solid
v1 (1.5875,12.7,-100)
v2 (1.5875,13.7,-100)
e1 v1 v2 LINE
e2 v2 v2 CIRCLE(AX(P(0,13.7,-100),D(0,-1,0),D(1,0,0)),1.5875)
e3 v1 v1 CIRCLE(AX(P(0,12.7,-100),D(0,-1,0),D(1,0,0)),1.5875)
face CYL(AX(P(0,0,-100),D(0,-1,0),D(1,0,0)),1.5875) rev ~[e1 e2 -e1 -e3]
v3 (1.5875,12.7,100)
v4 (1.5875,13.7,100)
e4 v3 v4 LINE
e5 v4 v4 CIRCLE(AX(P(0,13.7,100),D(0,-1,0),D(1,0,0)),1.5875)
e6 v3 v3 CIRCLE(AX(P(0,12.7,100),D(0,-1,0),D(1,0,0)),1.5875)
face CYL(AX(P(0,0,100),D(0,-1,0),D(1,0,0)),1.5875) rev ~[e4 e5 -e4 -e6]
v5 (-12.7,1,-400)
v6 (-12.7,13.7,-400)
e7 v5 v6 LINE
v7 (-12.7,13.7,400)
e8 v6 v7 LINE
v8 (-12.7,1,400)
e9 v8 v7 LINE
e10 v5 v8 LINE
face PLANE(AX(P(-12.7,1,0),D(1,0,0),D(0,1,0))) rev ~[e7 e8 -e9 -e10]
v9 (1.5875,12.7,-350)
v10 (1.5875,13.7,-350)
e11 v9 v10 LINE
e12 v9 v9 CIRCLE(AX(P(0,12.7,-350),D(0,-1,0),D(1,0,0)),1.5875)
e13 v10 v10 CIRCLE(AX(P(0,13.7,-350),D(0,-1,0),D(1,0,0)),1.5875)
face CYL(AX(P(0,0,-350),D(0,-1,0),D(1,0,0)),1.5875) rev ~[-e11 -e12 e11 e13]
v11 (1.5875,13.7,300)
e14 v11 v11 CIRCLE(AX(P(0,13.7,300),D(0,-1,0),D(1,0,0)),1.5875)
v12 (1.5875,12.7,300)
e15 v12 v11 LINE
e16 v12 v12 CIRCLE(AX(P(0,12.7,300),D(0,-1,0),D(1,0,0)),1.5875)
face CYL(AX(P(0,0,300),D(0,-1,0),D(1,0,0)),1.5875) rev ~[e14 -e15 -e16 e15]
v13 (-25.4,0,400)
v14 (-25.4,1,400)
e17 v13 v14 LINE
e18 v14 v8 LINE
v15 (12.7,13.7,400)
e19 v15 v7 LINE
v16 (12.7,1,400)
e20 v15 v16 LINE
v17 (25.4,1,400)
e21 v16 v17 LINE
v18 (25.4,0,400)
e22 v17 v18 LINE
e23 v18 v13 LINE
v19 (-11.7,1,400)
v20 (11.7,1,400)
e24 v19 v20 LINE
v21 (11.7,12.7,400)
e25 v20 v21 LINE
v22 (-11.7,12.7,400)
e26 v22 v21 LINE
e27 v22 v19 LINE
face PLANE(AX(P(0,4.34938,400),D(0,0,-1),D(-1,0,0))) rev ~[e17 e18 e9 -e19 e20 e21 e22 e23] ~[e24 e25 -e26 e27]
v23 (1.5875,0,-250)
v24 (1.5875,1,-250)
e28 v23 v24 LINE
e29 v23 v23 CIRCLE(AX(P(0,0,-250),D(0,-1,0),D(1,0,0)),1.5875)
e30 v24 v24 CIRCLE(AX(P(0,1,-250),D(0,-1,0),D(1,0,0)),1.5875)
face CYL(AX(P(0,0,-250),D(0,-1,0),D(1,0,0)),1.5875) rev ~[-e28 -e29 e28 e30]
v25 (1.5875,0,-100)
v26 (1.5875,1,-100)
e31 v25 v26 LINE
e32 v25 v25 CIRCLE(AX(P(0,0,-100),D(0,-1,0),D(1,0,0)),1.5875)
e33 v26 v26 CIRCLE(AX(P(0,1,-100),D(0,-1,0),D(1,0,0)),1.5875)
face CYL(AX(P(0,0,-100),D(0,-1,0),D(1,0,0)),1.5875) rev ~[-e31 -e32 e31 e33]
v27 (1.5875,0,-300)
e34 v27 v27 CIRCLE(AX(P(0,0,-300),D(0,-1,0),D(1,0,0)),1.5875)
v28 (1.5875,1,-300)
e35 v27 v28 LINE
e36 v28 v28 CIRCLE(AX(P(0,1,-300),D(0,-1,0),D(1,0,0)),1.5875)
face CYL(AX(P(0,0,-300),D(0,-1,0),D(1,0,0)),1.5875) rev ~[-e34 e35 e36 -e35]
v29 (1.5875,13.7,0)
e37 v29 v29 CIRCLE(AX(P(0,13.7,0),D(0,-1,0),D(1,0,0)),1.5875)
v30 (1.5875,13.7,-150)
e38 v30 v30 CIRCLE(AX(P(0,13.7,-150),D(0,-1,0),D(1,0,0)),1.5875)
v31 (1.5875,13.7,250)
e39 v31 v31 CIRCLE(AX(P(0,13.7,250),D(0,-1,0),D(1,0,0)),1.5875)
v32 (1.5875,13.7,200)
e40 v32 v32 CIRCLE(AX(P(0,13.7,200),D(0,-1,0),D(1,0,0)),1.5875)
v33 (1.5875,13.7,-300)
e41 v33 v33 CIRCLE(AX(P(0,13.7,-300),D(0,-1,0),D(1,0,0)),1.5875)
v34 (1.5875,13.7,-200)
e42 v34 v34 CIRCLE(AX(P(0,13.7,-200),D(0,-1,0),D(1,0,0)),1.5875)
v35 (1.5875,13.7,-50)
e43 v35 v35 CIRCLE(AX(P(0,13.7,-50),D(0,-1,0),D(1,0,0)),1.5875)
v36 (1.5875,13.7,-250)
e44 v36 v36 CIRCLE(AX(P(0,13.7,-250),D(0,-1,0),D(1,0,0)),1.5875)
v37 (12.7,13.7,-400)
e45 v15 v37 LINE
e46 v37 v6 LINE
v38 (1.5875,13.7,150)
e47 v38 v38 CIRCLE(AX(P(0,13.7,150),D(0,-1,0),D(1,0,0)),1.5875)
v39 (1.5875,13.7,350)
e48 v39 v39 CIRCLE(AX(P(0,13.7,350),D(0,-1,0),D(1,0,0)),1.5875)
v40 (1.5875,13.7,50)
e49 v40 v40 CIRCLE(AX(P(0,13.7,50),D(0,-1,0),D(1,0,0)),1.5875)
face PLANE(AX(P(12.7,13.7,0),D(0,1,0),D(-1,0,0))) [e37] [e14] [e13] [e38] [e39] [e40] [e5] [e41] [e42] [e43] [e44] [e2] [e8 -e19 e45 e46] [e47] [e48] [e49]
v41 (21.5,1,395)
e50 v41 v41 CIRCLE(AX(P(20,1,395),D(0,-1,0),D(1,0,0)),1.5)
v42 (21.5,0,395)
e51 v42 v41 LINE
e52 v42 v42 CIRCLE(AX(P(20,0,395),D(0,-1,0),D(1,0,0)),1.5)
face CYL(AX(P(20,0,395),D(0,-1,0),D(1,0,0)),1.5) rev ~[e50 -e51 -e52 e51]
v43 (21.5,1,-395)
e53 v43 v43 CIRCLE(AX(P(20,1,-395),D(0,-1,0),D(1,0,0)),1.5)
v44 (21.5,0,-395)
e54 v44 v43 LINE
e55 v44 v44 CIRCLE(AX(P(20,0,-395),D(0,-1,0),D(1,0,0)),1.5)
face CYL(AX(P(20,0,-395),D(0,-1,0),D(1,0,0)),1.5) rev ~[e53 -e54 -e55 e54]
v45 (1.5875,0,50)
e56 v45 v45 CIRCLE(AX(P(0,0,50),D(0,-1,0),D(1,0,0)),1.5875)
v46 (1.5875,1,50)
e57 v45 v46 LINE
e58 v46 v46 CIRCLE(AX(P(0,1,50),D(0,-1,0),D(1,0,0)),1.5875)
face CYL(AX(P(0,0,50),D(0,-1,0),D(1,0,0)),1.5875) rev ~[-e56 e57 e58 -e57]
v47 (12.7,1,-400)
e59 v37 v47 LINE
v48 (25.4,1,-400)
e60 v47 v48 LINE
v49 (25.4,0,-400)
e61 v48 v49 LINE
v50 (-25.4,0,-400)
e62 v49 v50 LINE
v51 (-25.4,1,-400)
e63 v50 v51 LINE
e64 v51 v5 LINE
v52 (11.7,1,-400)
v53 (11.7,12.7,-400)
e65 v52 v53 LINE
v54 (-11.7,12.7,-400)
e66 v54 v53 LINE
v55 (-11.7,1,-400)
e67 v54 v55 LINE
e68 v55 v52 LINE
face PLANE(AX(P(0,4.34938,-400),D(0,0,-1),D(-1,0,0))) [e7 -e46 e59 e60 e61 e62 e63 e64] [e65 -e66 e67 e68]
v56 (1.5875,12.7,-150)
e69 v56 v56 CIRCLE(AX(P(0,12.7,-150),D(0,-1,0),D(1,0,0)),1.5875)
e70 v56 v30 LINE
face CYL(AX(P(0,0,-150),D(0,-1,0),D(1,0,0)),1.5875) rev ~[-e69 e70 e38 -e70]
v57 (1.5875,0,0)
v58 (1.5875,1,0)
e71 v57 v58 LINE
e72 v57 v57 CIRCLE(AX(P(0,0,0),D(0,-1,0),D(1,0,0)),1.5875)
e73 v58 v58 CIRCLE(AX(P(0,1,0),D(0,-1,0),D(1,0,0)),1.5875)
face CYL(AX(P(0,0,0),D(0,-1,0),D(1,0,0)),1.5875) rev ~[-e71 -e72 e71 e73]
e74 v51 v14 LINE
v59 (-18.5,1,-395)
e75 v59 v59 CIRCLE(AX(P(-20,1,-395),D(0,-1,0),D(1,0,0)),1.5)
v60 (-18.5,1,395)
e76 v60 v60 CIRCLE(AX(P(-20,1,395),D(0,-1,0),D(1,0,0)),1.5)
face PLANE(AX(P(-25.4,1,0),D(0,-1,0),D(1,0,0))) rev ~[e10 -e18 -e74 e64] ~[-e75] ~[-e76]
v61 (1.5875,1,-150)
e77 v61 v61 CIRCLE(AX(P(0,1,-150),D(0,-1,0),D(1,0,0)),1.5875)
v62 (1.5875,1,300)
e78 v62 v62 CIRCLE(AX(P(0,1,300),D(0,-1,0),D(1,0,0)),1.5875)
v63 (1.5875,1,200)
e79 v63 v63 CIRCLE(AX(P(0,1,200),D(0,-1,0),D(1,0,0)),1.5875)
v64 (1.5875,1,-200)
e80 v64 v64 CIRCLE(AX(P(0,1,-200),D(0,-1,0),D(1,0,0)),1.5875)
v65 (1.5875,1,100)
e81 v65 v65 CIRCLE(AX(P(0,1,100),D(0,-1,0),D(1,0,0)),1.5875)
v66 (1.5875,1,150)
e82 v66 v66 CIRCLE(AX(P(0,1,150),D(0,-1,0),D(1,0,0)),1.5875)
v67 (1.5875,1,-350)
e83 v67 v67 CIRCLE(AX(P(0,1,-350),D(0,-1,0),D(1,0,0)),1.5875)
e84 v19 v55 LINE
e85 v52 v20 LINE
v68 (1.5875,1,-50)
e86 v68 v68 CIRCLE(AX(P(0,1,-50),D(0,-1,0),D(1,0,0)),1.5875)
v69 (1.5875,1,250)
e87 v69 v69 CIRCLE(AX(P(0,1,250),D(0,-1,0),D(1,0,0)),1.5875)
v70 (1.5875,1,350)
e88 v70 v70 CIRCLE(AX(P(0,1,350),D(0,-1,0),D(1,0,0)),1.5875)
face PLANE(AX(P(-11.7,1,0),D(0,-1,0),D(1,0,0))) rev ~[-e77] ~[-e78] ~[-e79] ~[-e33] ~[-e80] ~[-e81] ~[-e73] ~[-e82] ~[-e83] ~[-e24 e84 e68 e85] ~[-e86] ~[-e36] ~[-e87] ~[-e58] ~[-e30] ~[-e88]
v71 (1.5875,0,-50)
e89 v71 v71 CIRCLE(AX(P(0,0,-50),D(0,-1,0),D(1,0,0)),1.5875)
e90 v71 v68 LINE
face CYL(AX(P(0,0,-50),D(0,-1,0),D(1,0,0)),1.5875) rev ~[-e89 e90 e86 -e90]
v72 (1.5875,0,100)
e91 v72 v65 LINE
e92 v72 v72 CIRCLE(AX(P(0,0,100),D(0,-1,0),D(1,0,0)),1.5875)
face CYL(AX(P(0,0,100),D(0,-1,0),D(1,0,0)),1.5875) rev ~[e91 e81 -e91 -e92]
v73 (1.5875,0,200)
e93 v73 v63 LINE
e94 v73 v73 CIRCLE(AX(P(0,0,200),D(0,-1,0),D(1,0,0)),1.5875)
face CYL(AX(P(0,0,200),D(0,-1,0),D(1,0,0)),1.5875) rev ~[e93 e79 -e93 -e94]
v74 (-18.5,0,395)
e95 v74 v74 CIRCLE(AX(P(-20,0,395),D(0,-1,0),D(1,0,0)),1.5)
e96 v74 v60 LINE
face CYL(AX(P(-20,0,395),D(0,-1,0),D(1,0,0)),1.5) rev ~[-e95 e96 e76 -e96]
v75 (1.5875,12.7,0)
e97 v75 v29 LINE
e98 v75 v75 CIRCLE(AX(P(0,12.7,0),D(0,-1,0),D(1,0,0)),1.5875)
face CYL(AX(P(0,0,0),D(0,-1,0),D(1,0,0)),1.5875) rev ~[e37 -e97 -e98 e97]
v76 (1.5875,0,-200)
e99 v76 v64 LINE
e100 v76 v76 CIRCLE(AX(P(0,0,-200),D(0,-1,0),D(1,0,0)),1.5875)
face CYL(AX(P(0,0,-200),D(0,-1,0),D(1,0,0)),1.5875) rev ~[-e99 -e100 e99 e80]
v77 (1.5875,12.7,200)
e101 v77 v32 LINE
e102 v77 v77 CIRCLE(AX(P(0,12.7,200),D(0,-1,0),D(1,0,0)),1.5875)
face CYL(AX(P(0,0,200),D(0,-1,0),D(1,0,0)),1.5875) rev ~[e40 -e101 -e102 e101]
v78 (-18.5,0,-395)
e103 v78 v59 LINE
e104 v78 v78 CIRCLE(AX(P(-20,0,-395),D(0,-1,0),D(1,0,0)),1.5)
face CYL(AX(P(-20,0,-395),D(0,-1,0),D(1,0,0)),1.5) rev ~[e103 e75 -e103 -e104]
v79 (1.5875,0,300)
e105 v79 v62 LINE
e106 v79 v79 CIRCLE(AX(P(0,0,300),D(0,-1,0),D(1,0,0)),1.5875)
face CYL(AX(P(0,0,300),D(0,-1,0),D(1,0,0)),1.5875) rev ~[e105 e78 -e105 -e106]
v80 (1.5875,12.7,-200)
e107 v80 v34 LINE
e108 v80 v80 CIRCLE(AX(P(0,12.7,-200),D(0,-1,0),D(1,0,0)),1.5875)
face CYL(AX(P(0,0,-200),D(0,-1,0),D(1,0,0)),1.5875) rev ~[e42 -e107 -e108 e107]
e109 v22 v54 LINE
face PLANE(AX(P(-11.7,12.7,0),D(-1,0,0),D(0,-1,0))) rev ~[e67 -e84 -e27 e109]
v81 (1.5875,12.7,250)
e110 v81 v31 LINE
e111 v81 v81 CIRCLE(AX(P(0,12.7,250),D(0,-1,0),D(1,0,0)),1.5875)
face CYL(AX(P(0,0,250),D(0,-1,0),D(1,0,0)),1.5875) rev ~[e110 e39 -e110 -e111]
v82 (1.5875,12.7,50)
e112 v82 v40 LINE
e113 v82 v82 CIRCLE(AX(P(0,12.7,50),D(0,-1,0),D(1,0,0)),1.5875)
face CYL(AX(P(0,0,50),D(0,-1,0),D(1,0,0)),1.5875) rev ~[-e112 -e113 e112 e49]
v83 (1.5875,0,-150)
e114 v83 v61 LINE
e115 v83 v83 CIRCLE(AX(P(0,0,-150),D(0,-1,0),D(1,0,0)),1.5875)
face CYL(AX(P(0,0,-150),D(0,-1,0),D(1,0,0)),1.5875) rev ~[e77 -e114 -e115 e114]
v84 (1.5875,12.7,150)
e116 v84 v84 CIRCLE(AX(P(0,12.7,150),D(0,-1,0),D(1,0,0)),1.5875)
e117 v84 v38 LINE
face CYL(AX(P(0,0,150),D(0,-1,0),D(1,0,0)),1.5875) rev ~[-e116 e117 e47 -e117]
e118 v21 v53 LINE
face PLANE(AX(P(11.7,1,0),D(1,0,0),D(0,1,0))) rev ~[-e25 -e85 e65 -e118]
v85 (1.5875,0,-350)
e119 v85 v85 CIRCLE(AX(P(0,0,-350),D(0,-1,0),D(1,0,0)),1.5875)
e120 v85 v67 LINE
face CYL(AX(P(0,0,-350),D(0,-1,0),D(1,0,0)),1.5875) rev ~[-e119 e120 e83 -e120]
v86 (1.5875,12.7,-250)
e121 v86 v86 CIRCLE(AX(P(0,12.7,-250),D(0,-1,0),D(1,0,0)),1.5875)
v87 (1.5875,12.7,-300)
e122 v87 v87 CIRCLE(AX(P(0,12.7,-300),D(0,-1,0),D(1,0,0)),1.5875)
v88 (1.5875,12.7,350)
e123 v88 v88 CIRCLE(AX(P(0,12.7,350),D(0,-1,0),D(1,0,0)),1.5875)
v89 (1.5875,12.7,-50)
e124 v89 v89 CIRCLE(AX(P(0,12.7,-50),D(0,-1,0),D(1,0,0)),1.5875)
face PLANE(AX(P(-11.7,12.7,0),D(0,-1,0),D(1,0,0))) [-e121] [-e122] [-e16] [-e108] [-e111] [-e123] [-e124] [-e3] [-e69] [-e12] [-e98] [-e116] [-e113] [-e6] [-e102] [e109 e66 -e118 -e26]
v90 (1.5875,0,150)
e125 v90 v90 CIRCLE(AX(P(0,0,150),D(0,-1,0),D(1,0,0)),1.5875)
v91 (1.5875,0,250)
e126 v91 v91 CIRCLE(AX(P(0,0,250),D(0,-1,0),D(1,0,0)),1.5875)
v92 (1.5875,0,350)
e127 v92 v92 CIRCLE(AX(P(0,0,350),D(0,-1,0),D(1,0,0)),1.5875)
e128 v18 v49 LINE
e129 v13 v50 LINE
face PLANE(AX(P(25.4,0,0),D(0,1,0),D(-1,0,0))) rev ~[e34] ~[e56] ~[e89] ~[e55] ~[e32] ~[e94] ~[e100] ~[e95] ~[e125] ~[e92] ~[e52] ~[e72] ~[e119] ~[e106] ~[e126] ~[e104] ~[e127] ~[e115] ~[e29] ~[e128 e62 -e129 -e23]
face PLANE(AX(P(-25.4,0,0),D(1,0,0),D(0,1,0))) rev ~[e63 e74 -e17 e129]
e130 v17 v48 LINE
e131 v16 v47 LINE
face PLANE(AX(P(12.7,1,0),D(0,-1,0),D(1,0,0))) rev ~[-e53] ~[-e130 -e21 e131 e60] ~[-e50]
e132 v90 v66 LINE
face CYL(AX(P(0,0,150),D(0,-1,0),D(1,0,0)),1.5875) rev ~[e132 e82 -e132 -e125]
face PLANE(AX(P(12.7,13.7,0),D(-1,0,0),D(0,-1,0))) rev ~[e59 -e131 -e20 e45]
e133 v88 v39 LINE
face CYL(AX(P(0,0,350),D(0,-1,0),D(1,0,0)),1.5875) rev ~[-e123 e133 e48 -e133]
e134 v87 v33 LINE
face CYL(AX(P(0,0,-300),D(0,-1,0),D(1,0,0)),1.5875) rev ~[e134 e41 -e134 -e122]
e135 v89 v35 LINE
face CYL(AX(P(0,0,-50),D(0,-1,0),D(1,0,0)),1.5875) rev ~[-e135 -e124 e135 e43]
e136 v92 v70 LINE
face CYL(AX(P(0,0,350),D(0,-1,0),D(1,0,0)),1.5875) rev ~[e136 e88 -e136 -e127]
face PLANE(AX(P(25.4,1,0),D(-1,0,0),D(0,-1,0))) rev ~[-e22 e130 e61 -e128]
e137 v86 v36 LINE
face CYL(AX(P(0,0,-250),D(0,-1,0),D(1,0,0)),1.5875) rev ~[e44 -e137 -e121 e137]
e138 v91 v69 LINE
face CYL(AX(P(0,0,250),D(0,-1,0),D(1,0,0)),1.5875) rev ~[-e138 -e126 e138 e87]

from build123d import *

# Parameters (mm, degrees)
SALIENTE_EXTRUIR1_DEPTH = 400
CROQUIS2_R              = 1.5
CORTAR_EXTRUIR1_DEPTH   = 10
CROQUIS3_R              = 1.5875
CORTAR_EXTRUIR2_DEPTH   = 14.7


with BuildPart() as part:
    # Croquis1 → Saliente-Extruir1 (new body, symmetric)
    with BuildSketch(Plane.XY):
        Polygon((0, 13.7), (12.7, 13.7), (12.7, 1), (25.4, 1), (25.4, 0), (-25.4, 0), (-25.4, 1), (-12.7, 1), (-12.7, 13.7), align=None)
        Polygon((0, 12.7), (-11.7, 12.7), (-11.7, 1), (11.7, 1), (11.7, 12.7), align=None, mode=Mode.SUBTRACT)
    extrude(amount=SALIENTE_EXTRUIR1_DEPTH, both=True)

    # Croquis2 → Cortar-Extruir1 (cut)
    with BuildSketch(Plane.XZ):
        with Locations((-20, 395)):
            Circle(CROQUIS2_R)
        with Locations((20, 395)):
            Circle(CROQUIS2_R)
        with Locations((20, -395)):
            Circle(CROQUIS2_R)
        with Locations((-20, -395)):
            Circle(CROQUIS2_R)
    extrude(amount=-CORTAR_EXTRUIR1_DEPTH, mode=Mode.SUBTRACT)

    # Croquis3 → Cortar-Extruir2 (cut, through all)
    with BuildSketch(Plane.XZ):
        Circle(CROQUIS3_R)
        with Locations((0, 50)):
            Circle(CROQUIS3_R)
        with Locations((0, 100)):
            Circle(CROQUIS3_R)
        with Locations((0, 150)):
            Circle(CROQUIS3_R)
        with Locations((0, 200)):
            Circle(CROQUIS3_R)
        with Locations((0, 250)):
            Circle(CROQUIS3_R)
        with Locations((0, 300)):
            Circle(CROQUIS3_R)
        with Locations((0, 350)):
            Circle(CROQUIS3_R)
        with Locations((0, -50)):
            Circle(CROQUIS3_R)
        with Locations((0, -100)):
            Circle(CROQUIS3_R)
        with Locations((0, -150)):
            Circle(CROQUIS3_R)
        with Locations((0, -200)):
            Circle(CROQUIS3_R)
        with Locations((0, -250)):
            Circle(CROQUIS3_R)
        with Locations((0, -300)):
            Circle(CROQUIS3_R)
        with Locations((0, -350)):
            Circle(CROQUIS3_R)
    extrude(amount=-CORTAR_EXTRUIR2_DEPTH, mode=Mode.SUBTRACT)


solid = part.part
